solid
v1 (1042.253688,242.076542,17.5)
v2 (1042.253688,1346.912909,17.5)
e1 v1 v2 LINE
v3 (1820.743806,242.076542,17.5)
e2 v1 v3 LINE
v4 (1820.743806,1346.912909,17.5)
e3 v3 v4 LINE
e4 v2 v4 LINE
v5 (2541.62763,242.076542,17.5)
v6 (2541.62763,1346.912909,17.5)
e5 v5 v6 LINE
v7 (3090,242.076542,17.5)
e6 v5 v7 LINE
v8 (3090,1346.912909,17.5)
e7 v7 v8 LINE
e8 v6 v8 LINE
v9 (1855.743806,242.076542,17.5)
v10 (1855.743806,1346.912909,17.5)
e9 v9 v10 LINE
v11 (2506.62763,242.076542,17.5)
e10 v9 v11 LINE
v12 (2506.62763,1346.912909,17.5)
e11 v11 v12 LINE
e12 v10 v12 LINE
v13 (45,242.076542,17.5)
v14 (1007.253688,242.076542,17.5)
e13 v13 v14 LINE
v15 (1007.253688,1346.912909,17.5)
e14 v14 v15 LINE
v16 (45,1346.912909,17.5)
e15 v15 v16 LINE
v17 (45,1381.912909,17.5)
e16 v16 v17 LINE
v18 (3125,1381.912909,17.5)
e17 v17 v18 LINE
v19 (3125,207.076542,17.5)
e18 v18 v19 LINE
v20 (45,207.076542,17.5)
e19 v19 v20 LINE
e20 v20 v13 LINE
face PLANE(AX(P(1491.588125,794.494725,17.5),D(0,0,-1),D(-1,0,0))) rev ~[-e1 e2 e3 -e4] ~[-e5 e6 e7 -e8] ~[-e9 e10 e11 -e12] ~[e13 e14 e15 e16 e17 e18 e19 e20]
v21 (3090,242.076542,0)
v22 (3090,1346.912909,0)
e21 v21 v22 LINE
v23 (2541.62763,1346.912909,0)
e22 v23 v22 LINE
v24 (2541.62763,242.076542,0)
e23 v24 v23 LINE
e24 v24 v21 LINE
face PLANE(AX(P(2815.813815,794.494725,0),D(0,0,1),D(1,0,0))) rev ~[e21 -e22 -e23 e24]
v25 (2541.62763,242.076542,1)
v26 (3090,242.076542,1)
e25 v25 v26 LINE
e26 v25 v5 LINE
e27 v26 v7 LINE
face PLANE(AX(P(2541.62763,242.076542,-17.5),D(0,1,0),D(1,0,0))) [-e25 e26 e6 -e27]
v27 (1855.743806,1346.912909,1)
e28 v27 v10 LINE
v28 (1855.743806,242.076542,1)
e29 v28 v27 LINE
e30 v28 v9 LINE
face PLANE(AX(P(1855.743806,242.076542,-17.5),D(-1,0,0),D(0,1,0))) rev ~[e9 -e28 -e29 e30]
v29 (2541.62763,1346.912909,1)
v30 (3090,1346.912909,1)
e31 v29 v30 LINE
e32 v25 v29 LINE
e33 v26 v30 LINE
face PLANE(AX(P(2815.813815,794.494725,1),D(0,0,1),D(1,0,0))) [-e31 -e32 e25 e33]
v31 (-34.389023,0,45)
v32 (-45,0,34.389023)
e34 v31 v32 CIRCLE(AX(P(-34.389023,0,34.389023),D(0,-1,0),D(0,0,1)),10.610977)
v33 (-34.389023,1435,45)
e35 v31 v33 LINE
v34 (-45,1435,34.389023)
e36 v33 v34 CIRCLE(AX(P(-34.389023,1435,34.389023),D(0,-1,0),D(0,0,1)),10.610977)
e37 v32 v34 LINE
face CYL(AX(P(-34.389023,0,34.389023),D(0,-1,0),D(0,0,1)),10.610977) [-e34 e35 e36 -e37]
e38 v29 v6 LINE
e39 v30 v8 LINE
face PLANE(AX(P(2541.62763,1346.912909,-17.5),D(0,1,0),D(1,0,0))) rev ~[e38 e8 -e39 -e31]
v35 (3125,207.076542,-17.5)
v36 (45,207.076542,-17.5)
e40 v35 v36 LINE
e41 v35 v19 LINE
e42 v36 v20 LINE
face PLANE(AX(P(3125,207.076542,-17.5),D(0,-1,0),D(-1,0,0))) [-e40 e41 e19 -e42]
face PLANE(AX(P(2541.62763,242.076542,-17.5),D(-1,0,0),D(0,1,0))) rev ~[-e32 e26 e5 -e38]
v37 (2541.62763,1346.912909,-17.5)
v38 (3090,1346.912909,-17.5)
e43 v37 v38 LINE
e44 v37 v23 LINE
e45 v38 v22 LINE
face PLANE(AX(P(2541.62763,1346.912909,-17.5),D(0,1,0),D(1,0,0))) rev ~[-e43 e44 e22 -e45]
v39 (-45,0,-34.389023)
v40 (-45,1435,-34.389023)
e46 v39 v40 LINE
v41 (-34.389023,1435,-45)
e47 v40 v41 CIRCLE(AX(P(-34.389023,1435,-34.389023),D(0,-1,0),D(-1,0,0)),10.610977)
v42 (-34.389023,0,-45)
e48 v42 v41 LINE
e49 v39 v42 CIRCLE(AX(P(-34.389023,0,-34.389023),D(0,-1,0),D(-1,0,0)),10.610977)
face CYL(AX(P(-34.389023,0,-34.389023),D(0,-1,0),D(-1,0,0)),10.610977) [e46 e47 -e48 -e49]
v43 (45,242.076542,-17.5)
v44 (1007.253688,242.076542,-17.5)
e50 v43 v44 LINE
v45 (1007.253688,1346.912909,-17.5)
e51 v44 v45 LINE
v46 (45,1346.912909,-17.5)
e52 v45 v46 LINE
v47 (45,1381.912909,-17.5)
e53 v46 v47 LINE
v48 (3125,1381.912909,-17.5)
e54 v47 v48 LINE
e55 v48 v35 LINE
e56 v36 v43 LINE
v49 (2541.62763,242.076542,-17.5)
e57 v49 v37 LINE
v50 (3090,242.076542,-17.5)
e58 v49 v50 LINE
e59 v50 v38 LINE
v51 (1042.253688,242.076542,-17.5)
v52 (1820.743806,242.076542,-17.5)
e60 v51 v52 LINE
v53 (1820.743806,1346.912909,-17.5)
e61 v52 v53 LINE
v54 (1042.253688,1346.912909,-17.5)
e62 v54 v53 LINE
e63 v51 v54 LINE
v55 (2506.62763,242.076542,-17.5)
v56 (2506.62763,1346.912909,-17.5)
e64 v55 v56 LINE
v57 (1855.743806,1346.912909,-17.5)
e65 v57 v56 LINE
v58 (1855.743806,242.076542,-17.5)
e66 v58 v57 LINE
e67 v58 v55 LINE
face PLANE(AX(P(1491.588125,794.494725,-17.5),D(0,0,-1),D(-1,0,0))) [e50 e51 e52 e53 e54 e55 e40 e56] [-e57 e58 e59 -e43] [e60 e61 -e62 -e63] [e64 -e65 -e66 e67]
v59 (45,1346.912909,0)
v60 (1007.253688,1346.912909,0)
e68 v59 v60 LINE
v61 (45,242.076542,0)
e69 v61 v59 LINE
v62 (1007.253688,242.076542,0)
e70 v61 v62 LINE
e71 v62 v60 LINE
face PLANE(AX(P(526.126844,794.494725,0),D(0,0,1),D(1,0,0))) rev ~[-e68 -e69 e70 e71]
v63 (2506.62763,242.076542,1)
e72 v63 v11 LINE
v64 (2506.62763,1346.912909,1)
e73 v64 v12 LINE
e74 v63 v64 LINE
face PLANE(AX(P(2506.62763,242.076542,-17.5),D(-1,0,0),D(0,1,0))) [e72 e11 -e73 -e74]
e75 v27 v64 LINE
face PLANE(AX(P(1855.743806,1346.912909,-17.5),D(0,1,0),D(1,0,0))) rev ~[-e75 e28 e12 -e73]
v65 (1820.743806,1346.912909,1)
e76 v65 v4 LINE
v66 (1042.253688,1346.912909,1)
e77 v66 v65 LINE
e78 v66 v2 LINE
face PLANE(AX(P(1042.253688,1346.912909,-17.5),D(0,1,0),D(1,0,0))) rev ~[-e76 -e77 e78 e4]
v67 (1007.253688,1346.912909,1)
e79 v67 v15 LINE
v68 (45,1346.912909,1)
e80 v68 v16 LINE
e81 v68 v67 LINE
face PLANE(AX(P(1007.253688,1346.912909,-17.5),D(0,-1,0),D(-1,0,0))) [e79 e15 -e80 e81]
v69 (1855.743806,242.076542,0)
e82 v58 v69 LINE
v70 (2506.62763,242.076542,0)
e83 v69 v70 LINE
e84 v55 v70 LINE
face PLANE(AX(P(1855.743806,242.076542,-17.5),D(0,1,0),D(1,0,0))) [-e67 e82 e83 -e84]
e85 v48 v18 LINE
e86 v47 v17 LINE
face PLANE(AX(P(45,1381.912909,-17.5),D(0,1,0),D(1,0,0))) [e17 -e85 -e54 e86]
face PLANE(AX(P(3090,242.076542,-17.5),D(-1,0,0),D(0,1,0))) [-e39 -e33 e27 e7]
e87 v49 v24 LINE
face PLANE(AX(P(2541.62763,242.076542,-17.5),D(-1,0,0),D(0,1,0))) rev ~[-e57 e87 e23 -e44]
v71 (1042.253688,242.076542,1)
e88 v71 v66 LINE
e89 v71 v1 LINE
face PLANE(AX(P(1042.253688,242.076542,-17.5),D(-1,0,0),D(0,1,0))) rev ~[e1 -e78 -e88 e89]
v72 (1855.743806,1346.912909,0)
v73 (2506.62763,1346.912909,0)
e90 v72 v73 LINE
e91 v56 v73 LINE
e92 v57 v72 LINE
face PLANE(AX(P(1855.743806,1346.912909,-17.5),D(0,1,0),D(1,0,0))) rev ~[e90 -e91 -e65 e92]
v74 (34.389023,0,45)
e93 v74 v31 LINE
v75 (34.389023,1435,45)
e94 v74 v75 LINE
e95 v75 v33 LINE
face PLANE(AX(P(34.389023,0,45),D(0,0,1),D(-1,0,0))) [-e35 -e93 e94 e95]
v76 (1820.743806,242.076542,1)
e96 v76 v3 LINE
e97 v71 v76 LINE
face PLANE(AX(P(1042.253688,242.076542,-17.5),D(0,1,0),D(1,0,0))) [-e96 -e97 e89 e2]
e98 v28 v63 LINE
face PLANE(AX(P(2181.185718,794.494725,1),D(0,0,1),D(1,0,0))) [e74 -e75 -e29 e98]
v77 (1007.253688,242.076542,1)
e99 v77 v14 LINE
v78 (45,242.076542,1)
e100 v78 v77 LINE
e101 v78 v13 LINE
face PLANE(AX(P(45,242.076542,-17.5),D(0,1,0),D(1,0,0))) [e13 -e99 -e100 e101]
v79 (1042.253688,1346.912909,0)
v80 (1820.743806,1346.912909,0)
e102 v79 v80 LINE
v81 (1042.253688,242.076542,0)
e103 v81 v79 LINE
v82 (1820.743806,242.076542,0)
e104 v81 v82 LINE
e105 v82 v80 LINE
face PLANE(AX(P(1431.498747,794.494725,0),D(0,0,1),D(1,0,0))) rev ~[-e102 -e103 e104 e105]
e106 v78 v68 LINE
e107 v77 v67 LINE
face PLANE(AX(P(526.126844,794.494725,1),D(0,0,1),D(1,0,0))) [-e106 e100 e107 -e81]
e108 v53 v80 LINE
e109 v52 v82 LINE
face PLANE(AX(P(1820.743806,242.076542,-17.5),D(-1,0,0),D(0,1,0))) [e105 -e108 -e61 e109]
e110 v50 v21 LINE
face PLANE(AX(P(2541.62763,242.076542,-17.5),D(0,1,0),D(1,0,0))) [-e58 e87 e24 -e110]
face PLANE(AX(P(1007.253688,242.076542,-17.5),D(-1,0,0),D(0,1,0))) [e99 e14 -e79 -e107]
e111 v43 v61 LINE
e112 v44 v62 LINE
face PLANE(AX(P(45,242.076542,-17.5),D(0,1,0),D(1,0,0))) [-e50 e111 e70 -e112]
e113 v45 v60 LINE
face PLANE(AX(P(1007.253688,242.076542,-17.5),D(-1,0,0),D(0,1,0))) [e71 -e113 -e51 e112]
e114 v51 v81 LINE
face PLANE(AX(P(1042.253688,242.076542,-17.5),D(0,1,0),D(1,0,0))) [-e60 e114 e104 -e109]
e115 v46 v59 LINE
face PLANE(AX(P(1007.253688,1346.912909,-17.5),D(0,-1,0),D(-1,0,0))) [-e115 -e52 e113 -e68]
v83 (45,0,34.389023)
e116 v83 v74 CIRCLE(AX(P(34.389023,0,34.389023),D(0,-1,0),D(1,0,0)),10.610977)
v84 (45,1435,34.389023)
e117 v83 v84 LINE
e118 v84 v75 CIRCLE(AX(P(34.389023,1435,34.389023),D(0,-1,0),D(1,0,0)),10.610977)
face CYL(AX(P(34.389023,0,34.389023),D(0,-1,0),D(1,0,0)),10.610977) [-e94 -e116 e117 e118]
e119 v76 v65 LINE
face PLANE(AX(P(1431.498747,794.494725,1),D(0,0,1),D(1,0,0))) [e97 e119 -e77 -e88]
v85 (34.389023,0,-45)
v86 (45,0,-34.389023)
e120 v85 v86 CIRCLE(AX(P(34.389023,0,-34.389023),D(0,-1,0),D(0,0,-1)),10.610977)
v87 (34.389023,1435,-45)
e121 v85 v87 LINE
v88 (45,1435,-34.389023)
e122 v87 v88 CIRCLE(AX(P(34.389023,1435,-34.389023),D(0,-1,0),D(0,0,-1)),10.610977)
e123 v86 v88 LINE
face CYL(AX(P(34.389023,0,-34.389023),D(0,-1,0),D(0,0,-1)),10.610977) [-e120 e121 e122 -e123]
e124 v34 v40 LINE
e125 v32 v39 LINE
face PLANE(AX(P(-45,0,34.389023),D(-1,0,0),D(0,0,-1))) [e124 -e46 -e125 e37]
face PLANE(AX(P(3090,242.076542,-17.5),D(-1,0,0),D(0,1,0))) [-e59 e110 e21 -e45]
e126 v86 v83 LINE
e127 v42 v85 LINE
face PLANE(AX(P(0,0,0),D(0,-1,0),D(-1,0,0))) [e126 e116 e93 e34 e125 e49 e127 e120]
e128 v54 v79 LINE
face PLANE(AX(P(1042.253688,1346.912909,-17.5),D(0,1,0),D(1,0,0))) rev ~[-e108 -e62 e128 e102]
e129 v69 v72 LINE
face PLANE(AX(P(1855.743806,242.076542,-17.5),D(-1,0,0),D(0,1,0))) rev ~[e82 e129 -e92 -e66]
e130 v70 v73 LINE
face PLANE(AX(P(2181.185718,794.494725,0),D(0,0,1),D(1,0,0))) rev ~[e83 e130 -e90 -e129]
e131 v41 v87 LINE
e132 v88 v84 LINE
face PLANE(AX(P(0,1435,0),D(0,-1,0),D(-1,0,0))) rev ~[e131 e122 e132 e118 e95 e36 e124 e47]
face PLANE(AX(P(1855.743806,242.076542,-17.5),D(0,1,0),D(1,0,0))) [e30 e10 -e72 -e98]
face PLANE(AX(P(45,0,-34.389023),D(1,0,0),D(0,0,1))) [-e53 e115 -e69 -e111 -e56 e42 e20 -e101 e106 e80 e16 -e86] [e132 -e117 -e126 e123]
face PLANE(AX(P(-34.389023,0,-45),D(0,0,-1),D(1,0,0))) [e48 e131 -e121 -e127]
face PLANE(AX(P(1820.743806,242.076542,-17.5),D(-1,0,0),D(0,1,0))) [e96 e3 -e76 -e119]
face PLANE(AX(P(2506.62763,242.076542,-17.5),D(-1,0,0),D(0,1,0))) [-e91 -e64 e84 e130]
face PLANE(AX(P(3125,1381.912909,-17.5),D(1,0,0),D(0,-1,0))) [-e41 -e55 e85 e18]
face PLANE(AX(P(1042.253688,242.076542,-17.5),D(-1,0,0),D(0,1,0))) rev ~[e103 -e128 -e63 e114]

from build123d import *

# Parameters (mm, degrees)
SALIENTE_EXTRUIR1_DEPTH      = 1435
SALIENTE_EXTRUIR2_DEPTH      = 17.5
SALIENTE_EXTRUIR2_DEPTH_BACK = 17.5
CROQUIS2_W                   = 548.37236968
CROQUIS2_H                   = 1104.83636681
CROQUIS2_W_2                 = 778.490117554
CROQUIS2_W_3                 = 650.883824605
CROQUIS3_W                   = 962.253688161
CROQUIS3_H                   = 1104.83636681
CROQUIS3_W_2                 = 778.490117554
CROQUIS3_W_3                 = 650.883824605
CROQUIS3_W_4                 = 548.37236968
SALIENTE_EXTRUIR3_DEPTH      = 1


with BuildPart() as part:
    # Croquis1 → Saliente-Extruir1 (new body)
    with BuildSketch(Plane(origin=(0, 0, 0), x_dir=(1, 0, 0), z_dir=(0, 1, 0))):
        with BuildLine():
            Line((-34.389023271, 45), (34.389023271, 45))
            ThreePointArc((34.389023271, 45), (41.892116871, 41.892116871), (45, 34.389023271))
            Line((45, 34.389023271), (45, -34.389023271))
            ThreePointArc((45, -34.389023271), (41.892116871, -41.892116871), (34.389023271, -45))
            Line((34.389023271, -45), (-34.389023271, -45))
            ThreePointArc((-34.389023271, -45), (-41.892116871, -41.892116871), (-45, -34.389023271))
            Line((-45, -34.389023271), (-45, 34.389023271))
            ThreePointArc((-45, 34.389023271), (-41.892116871, 41.892116871), (-34.389023271, 45))
        make_face()
    extrude(amount=SALIENTE_EXTRUIR1_DEPTH)

    # Croquis2 → Saliente-Extruir2 (add, two sides: drawn at the far end of the back side and taken through both)
    with BuildSketch(Plane.XY.offset(-SALIENTE_EXTRUIR2_DEPTH_BACK)):
        Polygon((45, 1381.912908734), (3125, 1381.912908734), (3125, 207.076541924), (45, 207.076541924), (45, 242.076541924), (1007.253688161, 242.076541924), (1007.253688161, 1346.912908734), (45, 1346.912908734), align=None)
        with Locations((2815.81381516, 794.494725329)):
            Rectangle(CROQUIS2_W, CROQUIS2_H, mode=Mode.SUBTRACT)
        with Locations((1431.498746938, 794.494725329)):
            Rectangle(CROQUIS2_W_2, CROQUIS2_H, mode=Mode.SUBTRACT)
        with Locations((2181.185718018, 794.494725329)):
            Rectangle(CROQUIS2_W_3, CROQUIS2_H, mode=Mode.SUBTRACT)
    extrude(amount=SALIENTE_EXTRUIR2_DEPTH + SALIENTE_EXTRUIR2_DEPTH_BACK)

    # Croquis3 → Saliente-Extruir3 (add)
    with BuildSketch(Plane.XY):
        with Locations((526.12684408, 794.494725329)):
            Rectangle(CROQUIS3_W, CROQUIS3_H)
        with Locations((1431.498746938, 794.494725329)):
            Rectangle(CROQUIS3_W_2, CROQUIS3_H)
        with Locations((2181.185718018, 794.494725329)):
            Rectangle(CROQUIS3_W_3, CROQUIS3_H)
        with Locations((2815.81381516, 794.494725329)):
            Rectangle(CROQUIS3_W_4, CROQUIS3_H)
    extrude(amount=SALIENTE_EXTRUIR3_DEPTH)


solid = part.part
